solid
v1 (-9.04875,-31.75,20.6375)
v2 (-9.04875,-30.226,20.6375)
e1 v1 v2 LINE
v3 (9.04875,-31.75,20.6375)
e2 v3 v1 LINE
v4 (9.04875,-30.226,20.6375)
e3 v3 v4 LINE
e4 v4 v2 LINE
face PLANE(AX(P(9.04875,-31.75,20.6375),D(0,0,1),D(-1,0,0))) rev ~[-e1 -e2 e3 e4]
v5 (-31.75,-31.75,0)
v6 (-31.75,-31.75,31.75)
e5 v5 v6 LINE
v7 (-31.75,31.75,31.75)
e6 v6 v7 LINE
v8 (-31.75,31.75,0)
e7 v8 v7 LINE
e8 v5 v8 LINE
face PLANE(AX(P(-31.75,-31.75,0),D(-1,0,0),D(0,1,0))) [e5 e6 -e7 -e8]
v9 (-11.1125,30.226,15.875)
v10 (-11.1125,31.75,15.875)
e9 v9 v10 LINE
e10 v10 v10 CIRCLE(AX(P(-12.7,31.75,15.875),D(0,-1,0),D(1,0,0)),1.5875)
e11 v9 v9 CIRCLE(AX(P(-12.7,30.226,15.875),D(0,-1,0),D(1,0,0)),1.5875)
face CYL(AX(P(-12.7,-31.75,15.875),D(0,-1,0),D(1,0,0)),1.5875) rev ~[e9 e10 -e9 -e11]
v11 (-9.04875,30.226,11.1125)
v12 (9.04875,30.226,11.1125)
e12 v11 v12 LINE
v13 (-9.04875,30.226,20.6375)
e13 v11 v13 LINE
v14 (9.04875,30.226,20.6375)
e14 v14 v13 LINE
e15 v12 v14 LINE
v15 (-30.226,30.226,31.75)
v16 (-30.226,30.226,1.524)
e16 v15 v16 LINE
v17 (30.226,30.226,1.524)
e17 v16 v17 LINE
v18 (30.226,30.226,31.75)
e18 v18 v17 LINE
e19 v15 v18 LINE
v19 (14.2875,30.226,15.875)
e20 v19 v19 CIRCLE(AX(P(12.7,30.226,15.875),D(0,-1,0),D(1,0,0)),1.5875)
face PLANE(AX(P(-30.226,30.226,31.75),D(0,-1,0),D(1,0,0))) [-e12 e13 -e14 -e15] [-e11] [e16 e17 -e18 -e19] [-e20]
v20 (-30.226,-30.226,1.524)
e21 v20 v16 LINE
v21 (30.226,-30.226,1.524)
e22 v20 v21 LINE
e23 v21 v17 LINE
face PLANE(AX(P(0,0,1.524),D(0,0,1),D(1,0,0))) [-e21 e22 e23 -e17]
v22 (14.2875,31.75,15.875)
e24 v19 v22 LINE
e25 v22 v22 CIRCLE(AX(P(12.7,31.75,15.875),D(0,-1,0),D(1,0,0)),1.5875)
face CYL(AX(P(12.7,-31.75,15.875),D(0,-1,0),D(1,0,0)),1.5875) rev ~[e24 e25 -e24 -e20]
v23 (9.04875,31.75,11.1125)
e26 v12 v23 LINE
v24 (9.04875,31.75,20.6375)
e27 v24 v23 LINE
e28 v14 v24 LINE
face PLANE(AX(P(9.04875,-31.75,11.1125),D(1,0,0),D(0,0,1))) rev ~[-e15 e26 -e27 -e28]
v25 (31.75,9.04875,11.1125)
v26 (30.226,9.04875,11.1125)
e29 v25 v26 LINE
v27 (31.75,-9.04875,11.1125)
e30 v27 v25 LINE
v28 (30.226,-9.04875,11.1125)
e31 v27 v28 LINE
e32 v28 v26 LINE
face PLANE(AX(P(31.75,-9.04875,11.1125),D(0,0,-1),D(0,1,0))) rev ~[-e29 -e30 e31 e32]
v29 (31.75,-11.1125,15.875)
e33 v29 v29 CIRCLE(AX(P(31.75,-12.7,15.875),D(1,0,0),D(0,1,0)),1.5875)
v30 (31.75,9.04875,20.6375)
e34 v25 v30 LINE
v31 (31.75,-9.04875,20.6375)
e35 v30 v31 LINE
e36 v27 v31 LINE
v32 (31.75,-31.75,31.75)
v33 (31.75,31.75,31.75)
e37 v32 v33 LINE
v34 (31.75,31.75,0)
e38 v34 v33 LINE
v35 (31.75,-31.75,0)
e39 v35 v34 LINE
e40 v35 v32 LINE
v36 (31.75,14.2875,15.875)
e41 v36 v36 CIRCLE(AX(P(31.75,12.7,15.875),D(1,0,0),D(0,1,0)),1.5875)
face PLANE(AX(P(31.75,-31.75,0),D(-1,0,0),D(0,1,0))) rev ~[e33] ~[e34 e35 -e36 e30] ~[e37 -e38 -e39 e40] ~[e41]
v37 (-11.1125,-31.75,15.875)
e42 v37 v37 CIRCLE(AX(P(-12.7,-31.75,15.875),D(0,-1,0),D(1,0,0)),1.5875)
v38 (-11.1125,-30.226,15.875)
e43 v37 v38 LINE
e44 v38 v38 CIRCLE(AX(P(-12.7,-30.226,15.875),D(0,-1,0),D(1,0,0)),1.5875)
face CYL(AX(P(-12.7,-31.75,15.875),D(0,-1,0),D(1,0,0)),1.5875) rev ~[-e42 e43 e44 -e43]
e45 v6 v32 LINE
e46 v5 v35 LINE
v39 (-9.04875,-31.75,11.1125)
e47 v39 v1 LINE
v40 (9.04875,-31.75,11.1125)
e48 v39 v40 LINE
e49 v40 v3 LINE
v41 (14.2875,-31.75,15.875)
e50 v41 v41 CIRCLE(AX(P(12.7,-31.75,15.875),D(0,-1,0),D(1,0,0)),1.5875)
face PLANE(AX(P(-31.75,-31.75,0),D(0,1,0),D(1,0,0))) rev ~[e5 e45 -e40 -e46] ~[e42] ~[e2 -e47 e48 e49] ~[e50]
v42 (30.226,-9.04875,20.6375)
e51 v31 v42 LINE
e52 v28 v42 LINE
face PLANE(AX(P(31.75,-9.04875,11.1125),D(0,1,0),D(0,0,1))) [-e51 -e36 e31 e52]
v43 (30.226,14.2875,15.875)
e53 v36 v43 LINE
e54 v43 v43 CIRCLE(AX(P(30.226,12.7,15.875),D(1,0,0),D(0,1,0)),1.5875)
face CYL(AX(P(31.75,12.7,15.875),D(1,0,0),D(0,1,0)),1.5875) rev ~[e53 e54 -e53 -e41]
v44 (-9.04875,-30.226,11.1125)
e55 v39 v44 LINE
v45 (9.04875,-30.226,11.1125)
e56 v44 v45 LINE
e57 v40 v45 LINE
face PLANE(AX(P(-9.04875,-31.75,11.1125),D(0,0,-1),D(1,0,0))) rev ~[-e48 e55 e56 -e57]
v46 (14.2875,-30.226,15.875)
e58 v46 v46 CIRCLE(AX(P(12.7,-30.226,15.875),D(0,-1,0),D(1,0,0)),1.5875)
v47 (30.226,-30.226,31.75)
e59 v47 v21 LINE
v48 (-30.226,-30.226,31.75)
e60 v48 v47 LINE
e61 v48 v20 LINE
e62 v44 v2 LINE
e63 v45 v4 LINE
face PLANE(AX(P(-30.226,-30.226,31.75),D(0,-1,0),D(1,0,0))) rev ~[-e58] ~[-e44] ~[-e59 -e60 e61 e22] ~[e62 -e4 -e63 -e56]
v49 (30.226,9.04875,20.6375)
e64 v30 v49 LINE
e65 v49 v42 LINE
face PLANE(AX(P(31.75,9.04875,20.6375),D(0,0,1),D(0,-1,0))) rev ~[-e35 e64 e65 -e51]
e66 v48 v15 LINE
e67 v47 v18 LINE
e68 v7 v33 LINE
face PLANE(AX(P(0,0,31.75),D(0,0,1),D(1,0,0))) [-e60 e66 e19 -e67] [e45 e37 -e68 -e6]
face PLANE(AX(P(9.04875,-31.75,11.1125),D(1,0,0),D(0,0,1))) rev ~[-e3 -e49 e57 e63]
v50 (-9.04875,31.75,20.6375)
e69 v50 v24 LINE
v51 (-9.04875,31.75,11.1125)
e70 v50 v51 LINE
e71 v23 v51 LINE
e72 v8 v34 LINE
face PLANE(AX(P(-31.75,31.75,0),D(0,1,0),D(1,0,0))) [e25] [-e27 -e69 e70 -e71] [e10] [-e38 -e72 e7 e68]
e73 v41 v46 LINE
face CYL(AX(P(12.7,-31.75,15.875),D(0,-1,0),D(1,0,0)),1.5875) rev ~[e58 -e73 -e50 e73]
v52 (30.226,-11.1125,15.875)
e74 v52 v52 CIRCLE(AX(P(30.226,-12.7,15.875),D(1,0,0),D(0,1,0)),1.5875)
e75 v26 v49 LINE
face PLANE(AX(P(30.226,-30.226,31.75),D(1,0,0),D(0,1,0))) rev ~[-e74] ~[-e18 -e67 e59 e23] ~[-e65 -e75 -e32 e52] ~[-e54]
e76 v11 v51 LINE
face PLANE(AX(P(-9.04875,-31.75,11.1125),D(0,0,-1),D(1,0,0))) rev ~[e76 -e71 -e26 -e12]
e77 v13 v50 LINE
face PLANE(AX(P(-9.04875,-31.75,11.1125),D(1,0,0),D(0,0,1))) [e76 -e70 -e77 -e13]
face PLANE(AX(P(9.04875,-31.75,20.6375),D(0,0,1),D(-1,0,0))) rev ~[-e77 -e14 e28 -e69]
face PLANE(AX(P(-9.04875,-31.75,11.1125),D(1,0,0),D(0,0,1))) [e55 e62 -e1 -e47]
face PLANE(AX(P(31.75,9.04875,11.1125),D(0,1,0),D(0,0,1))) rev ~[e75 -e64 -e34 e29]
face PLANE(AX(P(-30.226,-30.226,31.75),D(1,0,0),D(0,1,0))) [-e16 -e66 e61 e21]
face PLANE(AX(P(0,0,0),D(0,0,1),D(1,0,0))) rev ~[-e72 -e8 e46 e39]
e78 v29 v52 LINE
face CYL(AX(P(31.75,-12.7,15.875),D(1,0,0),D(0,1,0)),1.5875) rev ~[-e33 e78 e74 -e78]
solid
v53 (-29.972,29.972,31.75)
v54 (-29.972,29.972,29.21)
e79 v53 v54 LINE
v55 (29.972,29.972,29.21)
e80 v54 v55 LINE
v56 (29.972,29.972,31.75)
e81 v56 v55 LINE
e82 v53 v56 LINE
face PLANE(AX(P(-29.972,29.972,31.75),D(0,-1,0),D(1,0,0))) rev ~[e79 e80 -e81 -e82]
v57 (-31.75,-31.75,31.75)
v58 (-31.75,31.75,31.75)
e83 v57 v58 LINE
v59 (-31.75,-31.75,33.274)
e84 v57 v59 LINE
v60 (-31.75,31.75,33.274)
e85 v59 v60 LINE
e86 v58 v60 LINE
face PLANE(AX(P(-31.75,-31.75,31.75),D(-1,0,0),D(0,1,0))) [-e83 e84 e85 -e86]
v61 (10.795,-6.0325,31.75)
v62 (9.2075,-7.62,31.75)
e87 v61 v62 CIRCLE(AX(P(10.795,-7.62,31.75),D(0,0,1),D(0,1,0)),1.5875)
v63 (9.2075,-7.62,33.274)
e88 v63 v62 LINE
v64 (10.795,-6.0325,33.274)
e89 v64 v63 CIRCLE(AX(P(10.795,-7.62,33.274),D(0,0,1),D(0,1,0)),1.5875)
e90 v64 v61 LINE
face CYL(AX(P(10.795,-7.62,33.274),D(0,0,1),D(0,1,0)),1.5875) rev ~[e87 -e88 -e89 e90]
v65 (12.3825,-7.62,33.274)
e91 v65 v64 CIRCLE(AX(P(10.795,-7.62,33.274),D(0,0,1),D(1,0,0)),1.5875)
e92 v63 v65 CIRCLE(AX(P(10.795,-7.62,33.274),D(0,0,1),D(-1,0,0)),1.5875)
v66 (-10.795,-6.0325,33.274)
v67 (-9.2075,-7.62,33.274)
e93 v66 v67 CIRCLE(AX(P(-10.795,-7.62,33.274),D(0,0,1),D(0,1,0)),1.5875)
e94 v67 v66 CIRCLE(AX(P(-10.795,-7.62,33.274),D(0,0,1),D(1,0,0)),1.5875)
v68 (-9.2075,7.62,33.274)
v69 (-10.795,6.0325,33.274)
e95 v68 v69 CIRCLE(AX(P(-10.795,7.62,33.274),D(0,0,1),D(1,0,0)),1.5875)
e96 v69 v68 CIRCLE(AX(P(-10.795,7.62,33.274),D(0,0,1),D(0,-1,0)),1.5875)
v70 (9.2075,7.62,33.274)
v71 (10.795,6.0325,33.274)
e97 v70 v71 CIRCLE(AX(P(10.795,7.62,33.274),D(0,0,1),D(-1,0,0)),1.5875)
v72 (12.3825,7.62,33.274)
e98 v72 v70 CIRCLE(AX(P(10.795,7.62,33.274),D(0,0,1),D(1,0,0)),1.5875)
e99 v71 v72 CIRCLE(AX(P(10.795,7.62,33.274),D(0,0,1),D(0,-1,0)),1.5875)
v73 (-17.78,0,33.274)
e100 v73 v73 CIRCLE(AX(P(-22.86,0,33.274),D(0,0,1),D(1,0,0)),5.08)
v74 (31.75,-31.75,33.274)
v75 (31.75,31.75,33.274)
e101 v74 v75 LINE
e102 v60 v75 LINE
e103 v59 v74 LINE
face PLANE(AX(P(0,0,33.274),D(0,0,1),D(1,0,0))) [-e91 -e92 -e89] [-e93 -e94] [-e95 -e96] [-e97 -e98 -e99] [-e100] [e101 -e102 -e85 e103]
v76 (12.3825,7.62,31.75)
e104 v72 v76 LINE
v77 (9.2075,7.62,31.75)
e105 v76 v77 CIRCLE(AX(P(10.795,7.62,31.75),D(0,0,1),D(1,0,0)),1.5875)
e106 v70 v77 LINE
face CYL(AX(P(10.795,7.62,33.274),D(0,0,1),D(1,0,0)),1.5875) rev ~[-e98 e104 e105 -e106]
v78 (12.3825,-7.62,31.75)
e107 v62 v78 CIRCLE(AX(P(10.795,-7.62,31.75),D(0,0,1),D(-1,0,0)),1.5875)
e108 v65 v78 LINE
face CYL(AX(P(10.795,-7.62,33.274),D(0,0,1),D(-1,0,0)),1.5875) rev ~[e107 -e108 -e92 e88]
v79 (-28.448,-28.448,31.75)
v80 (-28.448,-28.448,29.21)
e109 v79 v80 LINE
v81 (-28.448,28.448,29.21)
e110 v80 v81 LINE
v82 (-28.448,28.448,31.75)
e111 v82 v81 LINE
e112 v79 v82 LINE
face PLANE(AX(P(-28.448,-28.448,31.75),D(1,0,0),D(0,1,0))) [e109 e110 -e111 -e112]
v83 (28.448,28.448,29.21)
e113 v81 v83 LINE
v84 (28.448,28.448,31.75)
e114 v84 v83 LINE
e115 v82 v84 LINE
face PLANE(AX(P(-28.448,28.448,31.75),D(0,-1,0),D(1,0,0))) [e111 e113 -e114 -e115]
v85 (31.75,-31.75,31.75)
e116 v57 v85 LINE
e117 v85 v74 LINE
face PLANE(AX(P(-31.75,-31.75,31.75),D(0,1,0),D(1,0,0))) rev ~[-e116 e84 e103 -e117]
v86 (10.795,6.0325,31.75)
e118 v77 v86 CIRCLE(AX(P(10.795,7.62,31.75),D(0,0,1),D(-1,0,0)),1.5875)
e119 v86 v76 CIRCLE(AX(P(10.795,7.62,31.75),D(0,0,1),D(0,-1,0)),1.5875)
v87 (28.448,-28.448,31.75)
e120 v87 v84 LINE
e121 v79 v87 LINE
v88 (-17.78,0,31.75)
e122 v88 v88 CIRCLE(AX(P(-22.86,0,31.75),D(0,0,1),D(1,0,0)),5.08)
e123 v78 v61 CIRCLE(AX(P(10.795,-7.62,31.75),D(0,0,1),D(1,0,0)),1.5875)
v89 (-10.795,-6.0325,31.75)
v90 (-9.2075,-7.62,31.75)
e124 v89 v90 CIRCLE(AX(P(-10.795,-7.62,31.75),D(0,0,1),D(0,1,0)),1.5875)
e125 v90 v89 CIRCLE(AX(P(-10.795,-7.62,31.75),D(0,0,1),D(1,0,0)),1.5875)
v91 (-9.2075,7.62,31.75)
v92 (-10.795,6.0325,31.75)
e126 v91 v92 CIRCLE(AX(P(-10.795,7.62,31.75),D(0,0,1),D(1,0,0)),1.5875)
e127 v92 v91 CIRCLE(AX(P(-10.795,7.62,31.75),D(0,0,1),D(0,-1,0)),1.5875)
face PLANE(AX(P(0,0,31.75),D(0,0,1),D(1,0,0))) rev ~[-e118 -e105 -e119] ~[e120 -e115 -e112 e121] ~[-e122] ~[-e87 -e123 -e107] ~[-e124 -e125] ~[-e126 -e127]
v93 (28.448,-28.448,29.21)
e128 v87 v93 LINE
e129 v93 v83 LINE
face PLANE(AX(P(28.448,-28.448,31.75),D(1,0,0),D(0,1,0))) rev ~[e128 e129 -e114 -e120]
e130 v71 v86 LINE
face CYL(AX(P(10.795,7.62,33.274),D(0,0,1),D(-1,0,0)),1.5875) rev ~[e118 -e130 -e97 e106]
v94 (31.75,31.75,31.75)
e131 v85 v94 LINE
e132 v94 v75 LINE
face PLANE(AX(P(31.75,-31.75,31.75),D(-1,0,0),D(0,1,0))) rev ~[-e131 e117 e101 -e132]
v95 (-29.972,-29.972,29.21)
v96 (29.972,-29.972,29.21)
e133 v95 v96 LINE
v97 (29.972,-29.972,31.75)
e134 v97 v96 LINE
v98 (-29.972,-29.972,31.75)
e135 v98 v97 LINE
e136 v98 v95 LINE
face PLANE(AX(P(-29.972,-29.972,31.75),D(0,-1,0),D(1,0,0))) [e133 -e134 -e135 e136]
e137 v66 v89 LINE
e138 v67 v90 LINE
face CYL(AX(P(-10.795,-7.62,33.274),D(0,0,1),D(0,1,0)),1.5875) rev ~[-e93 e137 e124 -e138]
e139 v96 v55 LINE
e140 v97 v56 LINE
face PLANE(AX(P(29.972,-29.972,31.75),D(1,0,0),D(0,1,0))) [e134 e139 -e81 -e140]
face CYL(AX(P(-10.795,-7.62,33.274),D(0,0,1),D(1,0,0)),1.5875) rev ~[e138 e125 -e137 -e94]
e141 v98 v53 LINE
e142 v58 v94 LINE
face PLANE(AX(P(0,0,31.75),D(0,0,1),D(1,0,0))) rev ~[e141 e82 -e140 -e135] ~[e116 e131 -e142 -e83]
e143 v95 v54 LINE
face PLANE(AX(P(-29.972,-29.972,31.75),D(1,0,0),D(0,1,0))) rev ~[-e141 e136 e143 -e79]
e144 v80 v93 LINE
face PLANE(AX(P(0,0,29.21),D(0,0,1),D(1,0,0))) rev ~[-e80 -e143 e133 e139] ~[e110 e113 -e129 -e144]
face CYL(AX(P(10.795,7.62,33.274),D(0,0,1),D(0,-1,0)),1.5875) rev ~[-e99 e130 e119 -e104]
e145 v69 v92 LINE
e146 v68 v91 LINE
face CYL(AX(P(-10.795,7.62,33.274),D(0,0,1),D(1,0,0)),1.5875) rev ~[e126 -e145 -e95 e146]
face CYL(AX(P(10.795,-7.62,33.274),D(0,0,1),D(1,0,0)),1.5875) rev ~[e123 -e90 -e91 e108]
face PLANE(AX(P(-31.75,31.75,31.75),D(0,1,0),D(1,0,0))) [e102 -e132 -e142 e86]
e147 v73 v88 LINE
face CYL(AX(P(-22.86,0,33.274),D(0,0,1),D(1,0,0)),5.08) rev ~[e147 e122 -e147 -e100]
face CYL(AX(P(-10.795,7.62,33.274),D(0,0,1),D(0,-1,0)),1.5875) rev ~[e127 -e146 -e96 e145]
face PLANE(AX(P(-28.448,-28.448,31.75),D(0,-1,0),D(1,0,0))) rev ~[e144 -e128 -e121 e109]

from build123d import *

# Parameters (mm, degrees)
F0_W      = 63.5
F0_H      = 63.5
F1_DEPTH  = 31.75
F2_W      = 60.452
F2_H      = 60.452
F3_DEPTH  = 30.226
F4_W      = 9.04875
F4_H      = 9.525
F4_R      = 1.5875
F5_DEPTH  = 76.2
F6_W      = 9.04875
F6_H      = 9.525
F6_R      = 1.5875
F7_DEPTH  = 25.4
F8_W      = 59.944
F8_H      = 59.944
F8_W_2    = 56.896
F8_H_2    = 56.896
F9_DEPTH  = 2.54
F10_W     = 63.5
F10_H     = 63.5
F11_DEPTH = 1.524
F12_R     = 5.08
F13_DEPTH = 25.4


with BuildPart() as f1:
    # F0 (on Top) → F1 (new body)
    with BuildSketch(Plane.XY):
        Rectangle(F0_W, F0_H)
    extrude(amount=F1_DEPTH)

    # F2 (on face) → F3 (cut)
    with BuildSketch(Plane.XY.offset(31.75)):
        Rectangle(F2_W, F2_H)
    extrude(amount=-F3_DEPTH, mode=Mode.SUBTRACT)

    # F4 (on face) → F5 (cut)
    with BuildSketch(Plane.XZ.offset(31.75)):
        with Locations((-4.524375, 15.875)):
            Rectangle(F4_W, F4_H)
        with Locations((4.524375, 15.875)):
            Rectangle(F4_W, F4_H)
        with Locations((-12.7, 15.875)):
            Circle(F4_R)
        with Locations((12.7, 15.875)):
            Circle(F4_R)
    extrude(amount=-F5_DEPTH, mode=Mode.SUBTRACT)

    # F6 (on face) → F7 (cut)
    with BuildSketch(Plane.YZ.offset(31.75)):
        with Locations((-4.524375, 15.875)):
            Rectangle(F6_W, F6_H)
        with Locations((4.524375, 15.875)):
            Rectangle(F6_W, F6_H)
        with Locations((-12.7, 15.875)):
            Circle(F6_R)
        with Locations((12.7, 15.875)):
            Circle(F6_R)
    extrude(amount=-F7_DEPTH, mode=Mode.SUBTRACT)


with BuildPart() as f9:
    # F8 (on face) → F9 (new body)
    with BuildSketch(Plane.XY.offset(31.75)):
        Rectangle(F8_W, F8_H)
        Rectangle(F8_W_2, F8_H_2, mode=Mode.SUBTRACT)
    extrude(amount=-F9_DEPTH)

    # F10 (on face) → F11 (join)
    with BuildSketch(Plane.XY.offset(31.75)):
        Rectangle(F10_W, F10_H)
    extrude(amount=F11_DEPTH)

    # F12 (on face) → F13 (cut)
    with BuildSketch(Plane.XY.offset(33.274)):
        with BuildLine():
            Line((10.795, 7.62), (9.2075, 7.62))
            ThreePointArc((9.2075, 7.62), (9.6724679849, 6.4974679849), (10.795, 6.0325))
            Line((10.795, 6.0325), (10.795, 7.62))
        make_face()
        with BuildLine():
            ThreePointArc((12.3825, 7.62), (10.795, 9.2075), (9.2075, 7.62))
            Line((9.2075, 7.62), (10.795, 7.62))
            Line((10.795, 7.62), (10.795, 6.0325))
            ThreePointArc((10.795, 6.0325), (11.9175320151, 6.4974679849), (12.3825, 7.62))
        make_face()
        with BuildLine():
            Line((-10.795, 7.62), (-9.2075, 7.62))
            ThreePointArc((-9.2075, 7.62), (-11.9175320151, 8.7425320151), (-10.795, 6.0325))
            Line((-10.795, 6.0325), (-10.795, 7.62))
        make_face()
        with BuildLine():
            ThreePointArc((-10.795, 6.0325), (-9.6724679849, 6.4974679849), (-9.2075, 7.62))
            Line((-9.2075, 7.62), (-10.795, 7.62))
            Line((-10.795, 7.62), (-10.795, 6.0325))
        make_face()
        with BuildLine():
            Line((10.795, -7.62), (10.795, -6.0325))
            ThreePointArc((10.795, -6.0325), (9.6724679849, -6.4974679849), (9.2075, -7.62))
            Line((9.2075, -7.62), (10.795, -7.62))
        make_face()
        with BuildLine():
            ThreePointArc((12.3825, -7.62), (11.9175320151, -6.4974679849), (10.795, -6.0325))
            Line((10.795, -6.0325), (10.795, -7.62))
            Line((10.795, -7.62), (9.2075, -7.62))
            ThreePointArc((9.2075, -7.62), (10.795, -9.2075), (12.3825, -7.62))
        make_face()
        with BuildLine():
            ThreePointArc((-9.2075, -7.62), (-9.6724679849, -6.4974679849), (-10.795, -6.0325))
            Line((-10.795, -6.0325), (-10.795, -7.62))
            Line((-10.795, -7.62), (-9.2075, -7.62))
        make_face()
        with BuildLine():
            Line((-10.795, -7.62), (-10.795, -6.0325))
            ThreePointArc((-10.795, -6.0325), (-11.9175320151, -8.7425320151), (-9.2075, -7.62))
            Line((-9.2075, -7.62), (-10.795, -7.62))
        make_face()
        with Locations((-22.86, 0)):
            Circle(F12_R)
    extrude(amount=-F13_DEPTH, mode=Mode.SUBTRACT)


solid = Compound([f1.part, f9.part])
